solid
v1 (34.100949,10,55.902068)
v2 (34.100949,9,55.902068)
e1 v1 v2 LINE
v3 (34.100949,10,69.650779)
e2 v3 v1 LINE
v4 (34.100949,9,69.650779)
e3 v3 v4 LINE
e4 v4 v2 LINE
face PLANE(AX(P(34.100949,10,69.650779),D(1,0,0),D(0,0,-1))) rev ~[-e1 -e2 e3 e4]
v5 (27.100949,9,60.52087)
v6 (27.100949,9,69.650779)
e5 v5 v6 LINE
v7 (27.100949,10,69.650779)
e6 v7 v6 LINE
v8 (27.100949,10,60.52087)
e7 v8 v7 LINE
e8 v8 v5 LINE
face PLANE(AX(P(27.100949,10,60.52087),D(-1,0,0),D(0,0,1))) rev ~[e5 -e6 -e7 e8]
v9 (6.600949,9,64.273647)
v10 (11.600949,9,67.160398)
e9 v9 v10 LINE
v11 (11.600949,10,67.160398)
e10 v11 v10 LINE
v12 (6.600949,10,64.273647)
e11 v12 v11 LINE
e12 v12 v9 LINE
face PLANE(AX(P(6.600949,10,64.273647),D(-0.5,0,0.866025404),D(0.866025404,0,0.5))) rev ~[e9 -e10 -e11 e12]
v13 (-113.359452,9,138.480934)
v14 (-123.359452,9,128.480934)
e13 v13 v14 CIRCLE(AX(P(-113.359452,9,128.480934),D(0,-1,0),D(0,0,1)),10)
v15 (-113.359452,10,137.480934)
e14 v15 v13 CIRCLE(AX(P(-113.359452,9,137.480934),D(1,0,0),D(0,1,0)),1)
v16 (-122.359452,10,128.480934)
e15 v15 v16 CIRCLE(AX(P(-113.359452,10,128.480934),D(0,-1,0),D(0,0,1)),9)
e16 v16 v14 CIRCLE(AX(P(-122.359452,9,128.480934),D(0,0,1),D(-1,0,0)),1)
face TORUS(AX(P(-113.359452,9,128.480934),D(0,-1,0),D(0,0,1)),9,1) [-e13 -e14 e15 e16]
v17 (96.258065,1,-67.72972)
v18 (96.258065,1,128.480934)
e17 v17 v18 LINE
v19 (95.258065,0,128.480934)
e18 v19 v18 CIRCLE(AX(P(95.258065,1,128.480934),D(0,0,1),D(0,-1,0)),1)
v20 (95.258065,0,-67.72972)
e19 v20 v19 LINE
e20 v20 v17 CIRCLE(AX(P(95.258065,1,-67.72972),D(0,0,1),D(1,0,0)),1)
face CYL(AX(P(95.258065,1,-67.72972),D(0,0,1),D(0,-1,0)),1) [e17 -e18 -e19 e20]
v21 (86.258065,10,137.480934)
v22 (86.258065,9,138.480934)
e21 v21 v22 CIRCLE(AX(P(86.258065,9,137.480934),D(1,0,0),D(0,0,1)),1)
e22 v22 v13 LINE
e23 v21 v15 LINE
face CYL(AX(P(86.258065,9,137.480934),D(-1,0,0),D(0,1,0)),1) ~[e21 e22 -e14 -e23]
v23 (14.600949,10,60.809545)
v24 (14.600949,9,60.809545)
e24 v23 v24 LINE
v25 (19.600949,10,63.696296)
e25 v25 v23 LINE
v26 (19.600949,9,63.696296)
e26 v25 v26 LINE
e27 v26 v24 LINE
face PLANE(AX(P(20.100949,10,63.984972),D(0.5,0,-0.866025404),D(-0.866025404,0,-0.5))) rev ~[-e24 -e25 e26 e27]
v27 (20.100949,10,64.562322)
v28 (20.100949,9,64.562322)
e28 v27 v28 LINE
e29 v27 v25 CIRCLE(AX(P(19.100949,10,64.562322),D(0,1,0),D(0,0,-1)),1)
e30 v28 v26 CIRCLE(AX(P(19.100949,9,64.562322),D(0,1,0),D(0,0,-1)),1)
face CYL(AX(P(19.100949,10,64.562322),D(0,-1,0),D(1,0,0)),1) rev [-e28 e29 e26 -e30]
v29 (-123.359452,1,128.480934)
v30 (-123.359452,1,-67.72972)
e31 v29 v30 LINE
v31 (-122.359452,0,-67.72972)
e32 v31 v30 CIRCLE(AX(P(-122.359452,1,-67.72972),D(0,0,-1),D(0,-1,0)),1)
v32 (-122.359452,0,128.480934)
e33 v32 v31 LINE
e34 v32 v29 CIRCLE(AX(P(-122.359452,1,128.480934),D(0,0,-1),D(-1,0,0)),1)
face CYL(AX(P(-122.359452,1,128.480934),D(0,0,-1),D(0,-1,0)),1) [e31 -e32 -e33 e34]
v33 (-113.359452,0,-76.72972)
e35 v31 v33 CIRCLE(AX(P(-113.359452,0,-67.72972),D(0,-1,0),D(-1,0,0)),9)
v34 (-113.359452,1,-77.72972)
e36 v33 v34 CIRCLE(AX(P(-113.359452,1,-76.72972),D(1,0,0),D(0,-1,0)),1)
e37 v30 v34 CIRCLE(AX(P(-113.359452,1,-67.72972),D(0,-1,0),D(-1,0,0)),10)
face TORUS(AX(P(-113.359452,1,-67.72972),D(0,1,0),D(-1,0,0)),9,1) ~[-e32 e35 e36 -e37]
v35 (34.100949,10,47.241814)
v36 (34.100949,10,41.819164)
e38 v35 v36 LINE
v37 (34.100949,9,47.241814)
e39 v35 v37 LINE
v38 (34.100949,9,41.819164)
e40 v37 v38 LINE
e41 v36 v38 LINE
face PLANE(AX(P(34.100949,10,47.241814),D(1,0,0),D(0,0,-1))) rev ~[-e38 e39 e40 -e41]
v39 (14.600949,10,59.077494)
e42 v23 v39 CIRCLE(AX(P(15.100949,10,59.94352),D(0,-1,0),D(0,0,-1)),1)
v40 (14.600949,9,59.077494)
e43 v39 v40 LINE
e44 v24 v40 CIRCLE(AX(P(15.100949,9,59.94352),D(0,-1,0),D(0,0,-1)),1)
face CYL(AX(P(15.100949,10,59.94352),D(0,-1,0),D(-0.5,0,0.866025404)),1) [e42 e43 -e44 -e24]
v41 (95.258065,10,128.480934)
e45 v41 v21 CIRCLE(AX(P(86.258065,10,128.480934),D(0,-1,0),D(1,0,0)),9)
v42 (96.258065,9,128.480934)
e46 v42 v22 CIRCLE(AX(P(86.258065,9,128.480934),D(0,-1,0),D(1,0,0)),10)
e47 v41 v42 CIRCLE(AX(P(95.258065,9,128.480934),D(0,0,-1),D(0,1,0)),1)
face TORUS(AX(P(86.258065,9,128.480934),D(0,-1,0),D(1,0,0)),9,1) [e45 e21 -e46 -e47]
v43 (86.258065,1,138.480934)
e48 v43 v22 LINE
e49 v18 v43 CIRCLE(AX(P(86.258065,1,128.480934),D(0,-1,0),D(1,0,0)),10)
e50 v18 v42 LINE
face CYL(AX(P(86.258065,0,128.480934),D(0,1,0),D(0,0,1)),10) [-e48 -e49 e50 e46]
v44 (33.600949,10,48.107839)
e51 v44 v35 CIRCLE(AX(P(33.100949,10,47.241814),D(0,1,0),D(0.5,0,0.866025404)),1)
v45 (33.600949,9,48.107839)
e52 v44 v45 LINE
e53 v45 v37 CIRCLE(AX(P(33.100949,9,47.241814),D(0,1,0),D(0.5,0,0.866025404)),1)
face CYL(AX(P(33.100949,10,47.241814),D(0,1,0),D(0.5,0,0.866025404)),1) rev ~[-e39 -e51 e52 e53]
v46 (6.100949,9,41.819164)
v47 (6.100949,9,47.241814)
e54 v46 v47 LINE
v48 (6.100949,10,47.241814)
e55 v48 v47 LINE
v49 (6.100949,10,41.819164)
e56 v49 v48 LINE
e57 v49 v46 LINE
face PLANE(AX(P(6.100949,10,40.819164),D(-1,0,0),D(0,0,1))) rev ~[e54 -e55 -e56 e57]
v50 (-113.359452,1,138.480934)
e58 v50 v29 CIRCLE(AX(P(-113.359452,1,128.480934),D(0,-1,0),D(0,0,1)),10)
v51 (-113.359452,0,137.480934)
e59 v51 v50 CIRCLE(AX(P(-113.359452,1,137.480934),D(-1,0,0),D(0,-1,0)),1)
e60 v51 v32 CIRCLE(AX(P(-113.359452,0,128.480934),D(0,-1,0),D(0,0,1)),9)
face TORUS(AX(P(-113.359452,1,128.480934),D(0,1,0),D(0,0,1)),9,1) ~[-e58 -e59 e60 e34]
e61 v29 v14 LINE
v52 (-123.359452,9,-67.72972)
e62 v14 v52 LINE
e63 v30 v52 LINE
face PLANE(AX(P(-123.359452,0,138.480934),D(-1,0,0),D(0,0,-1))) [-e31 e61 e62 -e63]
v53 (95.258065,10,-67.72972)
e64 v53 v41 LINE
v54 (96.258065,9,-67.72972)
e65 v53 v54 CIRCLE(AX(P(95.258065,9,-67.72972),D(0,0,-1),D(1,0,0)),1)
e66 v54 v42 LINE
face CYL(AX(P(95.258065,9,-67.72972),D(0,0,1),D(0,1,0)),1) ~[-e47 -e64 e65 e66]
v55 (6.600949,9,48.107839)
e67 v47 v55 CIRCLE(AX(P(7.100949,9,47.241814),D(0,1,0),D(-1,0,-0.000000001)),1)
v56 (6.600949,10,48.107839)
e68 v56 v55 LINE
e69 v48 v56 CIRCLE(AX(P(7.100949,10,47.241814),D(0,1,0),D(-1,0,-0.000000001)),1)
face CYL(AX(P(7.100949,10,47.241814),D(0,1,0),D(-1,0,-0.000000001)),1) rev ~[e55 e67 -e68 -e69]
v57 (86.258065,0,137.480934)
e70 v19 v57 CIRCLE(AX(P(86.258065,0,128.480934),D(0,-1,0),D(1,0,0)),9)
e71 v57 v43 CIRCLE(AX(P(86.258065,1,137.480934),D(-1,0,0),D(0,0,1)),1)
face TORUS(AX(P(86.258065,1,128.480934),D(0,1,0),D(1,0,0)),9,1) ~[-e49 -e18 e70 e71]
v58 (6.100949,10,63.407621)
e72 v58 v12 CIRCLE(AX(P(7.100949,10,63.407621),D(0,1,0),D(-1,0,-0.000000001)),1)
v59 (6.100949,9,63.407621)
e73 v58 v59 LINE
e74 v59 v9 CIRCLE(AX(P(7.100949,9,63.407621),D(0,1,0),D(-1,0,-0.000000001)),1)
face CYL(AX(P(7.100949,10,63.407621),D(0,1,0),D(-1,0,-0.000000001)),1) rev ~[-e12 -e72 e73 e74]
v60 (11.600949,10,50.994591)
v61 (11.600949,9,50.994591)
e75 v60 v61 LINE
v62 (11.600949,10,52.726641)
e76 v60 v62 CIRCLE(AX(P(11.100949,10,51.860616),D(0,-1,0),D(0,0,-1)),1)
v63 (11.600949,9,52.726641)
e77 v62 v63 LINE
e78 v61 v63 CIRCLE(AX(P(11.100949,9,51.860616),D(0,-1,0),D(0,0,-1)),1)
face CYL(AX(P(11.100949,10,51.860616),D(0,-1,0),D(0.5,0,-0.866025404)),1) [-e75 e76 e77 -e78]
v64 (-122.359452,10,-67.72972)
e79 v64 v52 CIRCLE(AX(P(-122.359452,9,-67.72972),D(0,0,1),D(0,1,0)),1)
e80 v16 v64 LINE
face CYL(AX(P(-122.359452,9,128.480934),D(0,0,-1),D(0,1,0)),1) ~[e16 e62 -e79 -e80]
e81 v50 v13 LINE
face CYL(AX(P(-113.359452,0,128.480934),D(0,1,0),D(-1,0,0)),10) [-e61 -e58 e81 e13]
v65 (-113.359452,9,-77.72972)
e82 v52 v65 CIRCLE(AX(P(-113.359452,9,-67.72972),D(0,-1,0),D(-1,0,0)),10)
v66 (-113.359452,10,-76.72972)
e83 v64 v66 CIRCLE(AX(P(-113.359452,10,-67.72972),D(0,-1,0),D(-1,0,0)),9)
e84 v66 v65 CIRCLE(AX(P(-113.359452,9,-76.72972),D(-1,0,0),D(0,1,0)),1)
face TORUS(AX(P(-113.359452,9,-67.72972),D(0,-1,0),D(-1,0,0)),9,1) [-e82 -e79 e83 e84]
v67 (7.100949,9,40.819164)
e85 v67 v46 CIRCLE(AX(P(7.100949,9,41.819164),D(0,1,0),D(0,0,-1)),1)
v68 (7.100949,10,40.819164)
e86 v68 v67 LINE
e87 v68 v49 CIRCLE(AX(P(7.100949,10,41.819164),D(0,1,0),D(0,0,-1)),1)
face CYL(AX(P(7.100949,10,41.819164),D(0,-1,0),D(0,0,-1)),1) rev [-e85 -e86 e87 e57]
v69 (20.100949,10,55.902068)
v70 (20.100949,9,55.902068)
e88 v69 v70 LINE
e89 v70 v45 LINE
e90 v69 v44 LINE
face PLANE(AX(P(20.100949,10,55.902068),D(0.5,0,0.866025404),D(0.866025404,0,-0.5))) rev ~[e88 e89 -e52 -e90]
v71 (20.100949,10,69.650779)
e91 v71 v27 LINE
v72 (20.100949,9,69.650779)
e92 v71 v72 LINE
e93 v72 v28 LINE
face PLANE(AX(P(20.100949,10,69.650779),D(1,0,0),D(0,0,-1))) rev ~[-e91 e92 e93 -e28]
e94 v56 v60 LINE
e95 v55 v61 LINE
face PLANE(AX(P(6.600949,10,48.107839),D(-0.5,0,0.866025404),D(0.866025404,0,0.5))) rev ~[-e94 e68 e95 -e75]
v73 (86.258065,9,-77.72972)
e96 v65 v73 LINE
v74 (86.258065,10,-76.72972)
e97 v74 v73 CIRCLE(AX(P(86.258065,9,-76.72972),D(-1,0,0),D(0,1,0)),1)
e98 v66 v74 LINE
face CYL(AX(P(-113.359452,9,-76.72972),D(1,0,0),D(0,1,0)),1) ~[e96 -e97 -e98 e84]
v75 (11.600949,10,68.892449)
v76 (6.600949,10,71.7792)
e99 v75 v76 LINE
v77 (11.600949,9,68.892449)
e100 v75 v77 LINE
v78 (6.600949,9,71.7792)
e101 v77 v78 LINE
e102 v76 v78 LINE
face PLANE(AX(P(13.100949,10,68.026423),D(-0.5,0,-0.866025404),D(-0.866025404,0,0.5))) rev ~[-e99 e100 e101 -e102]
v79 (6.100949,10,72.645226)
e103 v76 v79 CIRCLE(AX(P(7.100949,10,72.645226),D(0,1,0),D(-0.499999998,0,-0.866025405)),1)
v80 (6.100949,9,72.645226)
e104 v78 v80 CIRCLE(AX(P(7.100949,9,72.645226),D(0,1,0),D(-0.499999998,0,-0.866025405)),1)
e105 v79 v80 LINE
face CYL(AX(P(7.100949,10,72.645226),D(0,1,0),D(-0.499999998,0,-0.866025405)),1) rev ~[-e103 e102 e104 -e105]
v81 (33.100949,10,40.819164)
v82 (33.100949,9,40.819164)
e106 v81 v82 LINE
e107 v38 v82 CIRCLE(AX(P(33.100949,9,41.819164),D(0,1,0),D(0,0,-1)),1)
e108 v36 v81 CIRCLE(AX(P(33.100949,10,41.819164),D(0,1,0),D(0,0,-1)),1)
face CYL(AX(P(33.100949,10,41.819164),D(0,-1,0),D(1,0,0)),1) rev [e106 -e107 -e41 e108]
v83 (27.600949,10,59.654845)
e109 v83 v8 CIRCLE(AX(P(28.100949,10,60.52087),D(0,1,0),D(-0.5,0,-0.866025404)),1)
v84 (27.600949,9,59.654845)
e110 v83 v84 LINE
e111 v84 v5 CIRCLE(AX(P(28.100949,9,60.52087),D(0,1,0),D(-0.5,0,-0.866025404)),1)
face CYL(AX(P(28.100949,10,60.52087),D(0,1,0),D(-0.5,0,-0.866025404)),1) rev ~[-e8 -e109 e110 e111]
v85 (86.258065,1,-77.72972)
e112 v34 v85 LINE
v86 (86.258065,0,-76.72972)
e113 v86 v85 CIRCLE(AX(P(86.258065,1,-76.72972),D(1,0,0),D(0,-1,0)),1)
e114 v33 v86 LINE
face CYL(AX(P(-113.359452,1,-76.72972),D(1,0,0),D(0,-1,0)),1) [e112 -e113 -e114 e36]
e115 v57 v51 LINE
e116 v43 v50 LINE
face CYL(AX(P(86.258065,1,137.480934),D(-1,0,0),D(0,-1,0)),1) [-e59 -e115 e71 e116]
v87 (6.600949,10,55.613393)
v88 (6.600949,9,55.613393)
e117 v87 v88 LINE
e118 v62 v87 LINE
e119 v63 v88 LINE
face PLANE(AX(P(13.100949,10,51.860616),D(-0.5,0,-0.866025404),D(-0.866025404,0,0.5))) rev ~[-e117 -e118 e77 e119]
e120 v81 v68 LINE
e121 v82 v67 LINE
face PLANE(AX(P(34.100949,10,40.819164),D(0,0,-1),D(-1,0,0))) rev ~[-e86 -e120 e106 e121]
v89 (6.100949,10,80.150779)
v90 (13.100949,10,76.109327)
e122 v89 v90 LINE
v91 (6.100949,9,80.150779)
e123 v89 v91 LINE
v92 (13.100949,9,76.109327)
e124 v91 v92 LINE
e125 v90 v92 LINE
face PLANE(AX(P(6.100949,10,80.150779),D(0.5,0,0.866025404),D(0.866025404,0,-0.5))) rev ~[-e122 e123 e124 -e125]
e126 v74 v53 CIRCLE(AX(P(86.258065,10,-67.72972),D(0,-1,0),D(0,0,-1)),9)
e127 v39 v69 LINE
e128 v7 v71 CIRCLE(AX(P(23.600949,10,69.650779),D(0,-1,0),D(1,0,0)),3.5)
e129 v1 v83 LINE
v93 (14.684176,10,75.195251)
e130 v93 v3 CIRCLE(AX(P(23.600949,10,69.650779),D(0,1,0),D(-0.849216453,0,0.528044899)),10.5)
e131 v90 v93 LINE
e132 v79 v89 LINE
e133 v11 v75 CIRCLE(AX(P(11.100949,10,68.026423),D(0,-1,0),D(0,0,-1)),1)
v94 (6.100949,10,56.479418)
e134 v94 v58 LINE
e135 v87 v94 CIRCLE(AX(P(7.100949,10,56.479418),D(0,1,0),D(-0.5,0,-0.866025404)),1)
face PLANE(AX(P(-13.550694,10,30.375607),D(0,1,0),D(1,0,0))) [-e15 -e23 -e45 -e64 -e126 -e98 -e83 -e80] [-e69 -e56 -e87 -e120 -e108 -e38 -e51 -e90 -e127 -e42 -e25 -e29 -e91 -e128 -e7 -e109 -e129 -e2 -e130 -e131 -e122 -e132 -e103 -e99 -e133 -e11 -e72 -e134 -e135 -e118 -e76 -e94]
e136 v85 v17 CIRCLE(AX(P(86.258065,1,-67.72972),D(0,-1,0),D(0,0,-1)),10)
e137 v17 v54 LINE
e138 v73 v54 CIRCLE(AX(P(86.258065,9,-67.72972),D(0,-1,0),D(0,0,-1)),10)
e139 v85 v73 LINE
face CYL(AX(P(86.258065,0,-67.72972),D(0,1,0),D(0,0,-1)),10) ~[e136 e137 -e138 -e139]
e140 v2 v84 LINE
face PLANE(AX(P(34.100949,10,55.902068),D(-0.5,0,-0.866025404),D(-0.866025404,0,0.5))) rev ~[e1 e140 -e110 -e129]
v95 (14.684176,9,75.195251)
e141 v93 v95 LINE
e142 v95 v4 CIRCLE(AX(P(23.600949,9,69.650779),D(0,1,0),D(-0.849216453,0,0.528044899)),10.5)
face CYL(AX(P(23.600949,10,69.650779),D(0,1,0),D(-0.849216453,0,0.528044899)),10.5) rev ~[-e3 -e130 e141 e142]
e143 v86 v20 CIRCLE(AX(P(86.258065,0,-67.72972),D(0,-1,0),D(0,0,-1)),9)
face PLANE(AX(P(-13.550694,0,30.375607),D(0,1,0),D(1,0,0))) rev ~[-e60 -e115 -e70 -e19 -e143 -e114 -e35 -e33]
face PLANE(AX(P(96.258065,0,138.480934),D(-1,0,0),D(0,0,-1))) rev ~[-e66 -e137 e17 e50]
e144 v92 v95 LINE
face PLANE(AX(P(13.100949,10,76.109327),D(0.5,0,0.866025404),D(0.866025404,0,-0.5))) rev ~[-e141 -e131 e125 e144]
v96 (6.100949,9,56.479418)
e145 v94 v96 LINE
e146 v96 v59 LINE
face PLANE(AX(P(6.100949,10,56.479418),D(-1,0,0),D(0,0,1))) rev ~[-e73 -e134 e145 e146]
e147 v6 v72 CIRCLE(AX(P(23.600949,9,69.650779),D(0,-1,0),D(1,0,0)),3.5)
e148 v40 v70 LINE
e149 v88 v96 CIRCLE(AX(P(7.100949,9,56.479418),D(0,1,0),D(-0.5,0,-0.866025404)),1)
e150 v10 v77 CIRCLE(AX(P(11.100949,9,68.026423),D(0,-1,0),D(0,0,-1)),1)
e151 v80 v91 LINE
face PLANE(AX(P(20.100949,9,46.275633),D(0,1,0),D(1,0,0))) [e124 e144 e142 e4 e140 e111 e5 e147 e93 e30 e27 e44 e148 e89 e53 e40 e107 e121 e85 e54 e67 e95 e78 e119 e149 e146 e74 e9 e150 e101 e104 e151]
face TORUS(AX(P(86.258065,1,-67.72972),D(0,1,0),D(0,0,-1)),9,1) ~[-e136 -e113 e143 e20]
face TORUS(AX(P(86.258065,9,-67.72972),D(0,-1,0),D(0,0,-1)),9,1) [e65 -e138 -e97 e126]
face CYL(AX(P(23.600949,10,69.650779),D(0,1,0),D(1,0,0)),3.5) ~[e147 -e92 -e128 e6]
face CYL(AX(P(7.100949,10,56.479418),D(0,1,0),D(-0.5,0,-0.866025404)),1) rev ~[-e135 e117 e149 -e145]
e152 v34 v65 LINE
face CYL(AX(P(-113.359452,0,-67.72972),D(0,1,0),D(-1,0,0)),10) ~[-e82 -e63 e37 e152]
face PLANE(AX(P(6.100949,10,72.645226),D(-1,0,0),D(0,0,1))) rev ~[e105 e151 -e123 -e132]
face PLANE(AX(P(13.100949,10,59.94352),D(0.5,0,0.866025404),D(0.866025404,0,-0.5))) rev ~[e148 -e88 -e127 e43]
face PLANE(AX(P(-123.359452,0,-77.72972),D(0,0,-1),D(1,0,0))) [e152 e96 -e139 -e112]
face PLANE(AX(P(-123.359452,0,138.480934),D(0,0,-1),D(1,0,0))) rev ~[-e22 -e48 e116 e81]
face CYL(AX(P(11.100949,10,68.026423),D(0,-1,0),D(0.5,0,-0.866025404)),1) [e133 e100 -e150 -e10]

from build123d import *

# Parameters (mm, degrees)
SKETCH1_W           = 219.61751697
SKETCH1_H           = 216.210653226
BOSS_EXTRUDE1_DEPTH = 10
CUT_EXTRUDE1_DEPTH  = 1
FILLET3_R           = 10
FILLET4_R           = 1


with BuildPart() as part:
    # Sketch1 → Boss-Extrude1 (new body)
    with BuildSketch(Plane(origin=(0, 0, 0), x_dir=(1, 0, 0), z_dir=(0, 1, 0))):
        with Locations((-13.550693969, -30.37560711)):
            Rectangle(SKETCH1_W, SKETCH1_H)
    extrude(amount=BOSS_EXTRUDE1_DEPTH)

    # Sketch2 → Cut-Extrude1 (cut)
    with BuildSketch(Plane(origin=(0, 10, 0), x_dir=(1, 0, 0), z_dir=(0, 1, 0))):
        with BuildLine():
            Line((34.100948693, -47.24181379), (34.100948693, -40.819164059))
            Line((34.100948693, -40.819164059), (6.100948693, -40.819164059))
            Line((6.100948693, -40.819164059), (6.100948693, -47.24181379))
            ThreePointArc((6.100948693, -47.24181379), (6.234923289, -47.74181379), (6.600948693, -48.107839194))
            Line((6.600948693, -48.107839194), (13.100948693, -51.860615944))
            Line((13.100948693, -51.860615944), (20.100948693, -55.902067828))
            Line((20.100948693, -55.902067828), (33.600948693, -48.107839194))
            ThreePointArc((33.600948693, -48.107839194), (33.966974097, -47.74181379), (34.100948693, -47.24181379))
        make_face()
        with BuildLine():
            Line((13.100948693, -59.943519712), (20.100948693, -55.902067828))
            Line((20.100948693, -55.902067828), (13.100948693, -51.860615944))
            Line((13.100948693, -51.860615944), (6.600948693, -55.613392693))
            ThreePointArc((6.600948693, -55.613392693), (6.234923289, -55.979418097), (6.100948693, -56.479418097))
            Line((6.100948693, -56.479418097), (6.100948693, -63.407621327))
            ThreePointArc((6.100948693, -63.407621327), (6.234923289, -63.907621327), (6.600948693, -64.273646731))
            Line((6.600948693, -64.273646731), (13.100948693, -68.026423481))
            Line((13.100948693, -68.026423481), (20.100948693, -63.984971597))
            Line((20.100948693, -63.984971597), (13.100948693, -59.943519712))
        make_face()
        with BuildLine():
            Line((20.100948693, -69.650779134), (20.100948693, -63.984971597))
            Line((20.100948693, -63.984971597), (13.100948693, -68.026423481))
            Line((13.100948693, -68.026423481), (6.600948693, -71.779200231))
            ThreePointArc((6.600948693, -71.779200231), (6.234923289, -72.145225634), (6.100948693, -72.645225634))
            Line((6.100948693, -72.645225634), (6.100948693, -80.150779134))
            Line((6.100948693, -80.150779134), (13.100948693, -76.10932725))
            Line((13.100948693, -76.10932725), (13.100948693, -69.650779134))
            ThreePointArc((13.100948693, -69.650779134), (13.504510857, -72.533823188), (14.684175934, -75.195250576))
            ThreePointArc((14.684175934, -75.195250576), (26.483992747, -79.74721697), (34.100948693, -69.650779134))
            Line((34.100948693, -69.650779134), (34.100948693, -55.902067828))
            Line((34.100948693, -55.902067828), (27.600948693, -59.654844578))
            ThreePointArc((27.600948693, -59.654844578), (27.234923289, -60.020869982), (27.100948693, -60.520869982))
            Line((27.100948693, -60.520869982), (27.100948693, -69.650779134))
            ThreePointArc((27.100948693, -69.650779134), (23.600948693, -73.150779134), (20.100948693, -69.650779134))
        make_face()
        with BuildLine():
            Line((13.100948693, -69.650779134), (13.100948693, -76.10932725))
            Line((13.100948693, -76.10932725), (14.684175934, -75.195250576))
            ThreePointArc((14.684175934, -75.195250576), (13.504510857, -72.533823188), (13.100948693, -69.650779134))
        make_face()
    extrude(amount=-CUT_EXTRUDE1_DEPTH, mode=Mode.SUBTRACT)

    # Fillet3
    fillet3_edges = [part.edges().sort_by_distance(p)[0] for p in [
        (-123.359452454, 5, -77.729719503),
        (96.258064516, 5, -77.729719503),
        (96.258064516, 5, 138.480933723),
        (-123.359452454, 5, 138.480933723),
    ]]
    fillet(fillet3_edges, radius=FILLET3_R)

    # Fillet4
    fillet4_edges = [part.edges().sort_by_distance(p)[0] for p in [
        (13.100948693, 9.5, 68.026423481),
        (13.100948693, 9.5, 51.860615944),
        (6.100948693, 9.5, 40.819164059),
        (34.100948693, 9.5, 40.819164059),
        (13.100948693, 9.5, 59.943519712),
        (20.100948693, 9.5, 63.984971597),
        (-13.550693969, 0, -77.729719503),
        (-13.550693969, 10, -77.729719503),
        (-123.359452454, 0, 30.37560711),
        (96.258064516, 0, 30.37560711),
        (-13.550693969, 0, 138.480933723),
        (93.329132328, 0, 135.552001535),
        (-120.430520266, 0, 135.552001535),
        (-120.430520266, 0, -74.800787315),
        (93.329132328, 0, -74.800787315),
        (96.258064516, 10, 30.37560711),
        (-123.359452454, 10, 30.37560711),
        (-13.550693969, 10, 138.480933723),
        (93.329132328, 10, 135.552001535),
        (-120.430520266, 10, 135.552001535),
        (-120.430520266, 10, -74.800787315),
        (93.329132328, 10, -74.800787315),
    ]]
    fillet(fillet4_edges, radius=FILLET4_R)


solid = part.part
